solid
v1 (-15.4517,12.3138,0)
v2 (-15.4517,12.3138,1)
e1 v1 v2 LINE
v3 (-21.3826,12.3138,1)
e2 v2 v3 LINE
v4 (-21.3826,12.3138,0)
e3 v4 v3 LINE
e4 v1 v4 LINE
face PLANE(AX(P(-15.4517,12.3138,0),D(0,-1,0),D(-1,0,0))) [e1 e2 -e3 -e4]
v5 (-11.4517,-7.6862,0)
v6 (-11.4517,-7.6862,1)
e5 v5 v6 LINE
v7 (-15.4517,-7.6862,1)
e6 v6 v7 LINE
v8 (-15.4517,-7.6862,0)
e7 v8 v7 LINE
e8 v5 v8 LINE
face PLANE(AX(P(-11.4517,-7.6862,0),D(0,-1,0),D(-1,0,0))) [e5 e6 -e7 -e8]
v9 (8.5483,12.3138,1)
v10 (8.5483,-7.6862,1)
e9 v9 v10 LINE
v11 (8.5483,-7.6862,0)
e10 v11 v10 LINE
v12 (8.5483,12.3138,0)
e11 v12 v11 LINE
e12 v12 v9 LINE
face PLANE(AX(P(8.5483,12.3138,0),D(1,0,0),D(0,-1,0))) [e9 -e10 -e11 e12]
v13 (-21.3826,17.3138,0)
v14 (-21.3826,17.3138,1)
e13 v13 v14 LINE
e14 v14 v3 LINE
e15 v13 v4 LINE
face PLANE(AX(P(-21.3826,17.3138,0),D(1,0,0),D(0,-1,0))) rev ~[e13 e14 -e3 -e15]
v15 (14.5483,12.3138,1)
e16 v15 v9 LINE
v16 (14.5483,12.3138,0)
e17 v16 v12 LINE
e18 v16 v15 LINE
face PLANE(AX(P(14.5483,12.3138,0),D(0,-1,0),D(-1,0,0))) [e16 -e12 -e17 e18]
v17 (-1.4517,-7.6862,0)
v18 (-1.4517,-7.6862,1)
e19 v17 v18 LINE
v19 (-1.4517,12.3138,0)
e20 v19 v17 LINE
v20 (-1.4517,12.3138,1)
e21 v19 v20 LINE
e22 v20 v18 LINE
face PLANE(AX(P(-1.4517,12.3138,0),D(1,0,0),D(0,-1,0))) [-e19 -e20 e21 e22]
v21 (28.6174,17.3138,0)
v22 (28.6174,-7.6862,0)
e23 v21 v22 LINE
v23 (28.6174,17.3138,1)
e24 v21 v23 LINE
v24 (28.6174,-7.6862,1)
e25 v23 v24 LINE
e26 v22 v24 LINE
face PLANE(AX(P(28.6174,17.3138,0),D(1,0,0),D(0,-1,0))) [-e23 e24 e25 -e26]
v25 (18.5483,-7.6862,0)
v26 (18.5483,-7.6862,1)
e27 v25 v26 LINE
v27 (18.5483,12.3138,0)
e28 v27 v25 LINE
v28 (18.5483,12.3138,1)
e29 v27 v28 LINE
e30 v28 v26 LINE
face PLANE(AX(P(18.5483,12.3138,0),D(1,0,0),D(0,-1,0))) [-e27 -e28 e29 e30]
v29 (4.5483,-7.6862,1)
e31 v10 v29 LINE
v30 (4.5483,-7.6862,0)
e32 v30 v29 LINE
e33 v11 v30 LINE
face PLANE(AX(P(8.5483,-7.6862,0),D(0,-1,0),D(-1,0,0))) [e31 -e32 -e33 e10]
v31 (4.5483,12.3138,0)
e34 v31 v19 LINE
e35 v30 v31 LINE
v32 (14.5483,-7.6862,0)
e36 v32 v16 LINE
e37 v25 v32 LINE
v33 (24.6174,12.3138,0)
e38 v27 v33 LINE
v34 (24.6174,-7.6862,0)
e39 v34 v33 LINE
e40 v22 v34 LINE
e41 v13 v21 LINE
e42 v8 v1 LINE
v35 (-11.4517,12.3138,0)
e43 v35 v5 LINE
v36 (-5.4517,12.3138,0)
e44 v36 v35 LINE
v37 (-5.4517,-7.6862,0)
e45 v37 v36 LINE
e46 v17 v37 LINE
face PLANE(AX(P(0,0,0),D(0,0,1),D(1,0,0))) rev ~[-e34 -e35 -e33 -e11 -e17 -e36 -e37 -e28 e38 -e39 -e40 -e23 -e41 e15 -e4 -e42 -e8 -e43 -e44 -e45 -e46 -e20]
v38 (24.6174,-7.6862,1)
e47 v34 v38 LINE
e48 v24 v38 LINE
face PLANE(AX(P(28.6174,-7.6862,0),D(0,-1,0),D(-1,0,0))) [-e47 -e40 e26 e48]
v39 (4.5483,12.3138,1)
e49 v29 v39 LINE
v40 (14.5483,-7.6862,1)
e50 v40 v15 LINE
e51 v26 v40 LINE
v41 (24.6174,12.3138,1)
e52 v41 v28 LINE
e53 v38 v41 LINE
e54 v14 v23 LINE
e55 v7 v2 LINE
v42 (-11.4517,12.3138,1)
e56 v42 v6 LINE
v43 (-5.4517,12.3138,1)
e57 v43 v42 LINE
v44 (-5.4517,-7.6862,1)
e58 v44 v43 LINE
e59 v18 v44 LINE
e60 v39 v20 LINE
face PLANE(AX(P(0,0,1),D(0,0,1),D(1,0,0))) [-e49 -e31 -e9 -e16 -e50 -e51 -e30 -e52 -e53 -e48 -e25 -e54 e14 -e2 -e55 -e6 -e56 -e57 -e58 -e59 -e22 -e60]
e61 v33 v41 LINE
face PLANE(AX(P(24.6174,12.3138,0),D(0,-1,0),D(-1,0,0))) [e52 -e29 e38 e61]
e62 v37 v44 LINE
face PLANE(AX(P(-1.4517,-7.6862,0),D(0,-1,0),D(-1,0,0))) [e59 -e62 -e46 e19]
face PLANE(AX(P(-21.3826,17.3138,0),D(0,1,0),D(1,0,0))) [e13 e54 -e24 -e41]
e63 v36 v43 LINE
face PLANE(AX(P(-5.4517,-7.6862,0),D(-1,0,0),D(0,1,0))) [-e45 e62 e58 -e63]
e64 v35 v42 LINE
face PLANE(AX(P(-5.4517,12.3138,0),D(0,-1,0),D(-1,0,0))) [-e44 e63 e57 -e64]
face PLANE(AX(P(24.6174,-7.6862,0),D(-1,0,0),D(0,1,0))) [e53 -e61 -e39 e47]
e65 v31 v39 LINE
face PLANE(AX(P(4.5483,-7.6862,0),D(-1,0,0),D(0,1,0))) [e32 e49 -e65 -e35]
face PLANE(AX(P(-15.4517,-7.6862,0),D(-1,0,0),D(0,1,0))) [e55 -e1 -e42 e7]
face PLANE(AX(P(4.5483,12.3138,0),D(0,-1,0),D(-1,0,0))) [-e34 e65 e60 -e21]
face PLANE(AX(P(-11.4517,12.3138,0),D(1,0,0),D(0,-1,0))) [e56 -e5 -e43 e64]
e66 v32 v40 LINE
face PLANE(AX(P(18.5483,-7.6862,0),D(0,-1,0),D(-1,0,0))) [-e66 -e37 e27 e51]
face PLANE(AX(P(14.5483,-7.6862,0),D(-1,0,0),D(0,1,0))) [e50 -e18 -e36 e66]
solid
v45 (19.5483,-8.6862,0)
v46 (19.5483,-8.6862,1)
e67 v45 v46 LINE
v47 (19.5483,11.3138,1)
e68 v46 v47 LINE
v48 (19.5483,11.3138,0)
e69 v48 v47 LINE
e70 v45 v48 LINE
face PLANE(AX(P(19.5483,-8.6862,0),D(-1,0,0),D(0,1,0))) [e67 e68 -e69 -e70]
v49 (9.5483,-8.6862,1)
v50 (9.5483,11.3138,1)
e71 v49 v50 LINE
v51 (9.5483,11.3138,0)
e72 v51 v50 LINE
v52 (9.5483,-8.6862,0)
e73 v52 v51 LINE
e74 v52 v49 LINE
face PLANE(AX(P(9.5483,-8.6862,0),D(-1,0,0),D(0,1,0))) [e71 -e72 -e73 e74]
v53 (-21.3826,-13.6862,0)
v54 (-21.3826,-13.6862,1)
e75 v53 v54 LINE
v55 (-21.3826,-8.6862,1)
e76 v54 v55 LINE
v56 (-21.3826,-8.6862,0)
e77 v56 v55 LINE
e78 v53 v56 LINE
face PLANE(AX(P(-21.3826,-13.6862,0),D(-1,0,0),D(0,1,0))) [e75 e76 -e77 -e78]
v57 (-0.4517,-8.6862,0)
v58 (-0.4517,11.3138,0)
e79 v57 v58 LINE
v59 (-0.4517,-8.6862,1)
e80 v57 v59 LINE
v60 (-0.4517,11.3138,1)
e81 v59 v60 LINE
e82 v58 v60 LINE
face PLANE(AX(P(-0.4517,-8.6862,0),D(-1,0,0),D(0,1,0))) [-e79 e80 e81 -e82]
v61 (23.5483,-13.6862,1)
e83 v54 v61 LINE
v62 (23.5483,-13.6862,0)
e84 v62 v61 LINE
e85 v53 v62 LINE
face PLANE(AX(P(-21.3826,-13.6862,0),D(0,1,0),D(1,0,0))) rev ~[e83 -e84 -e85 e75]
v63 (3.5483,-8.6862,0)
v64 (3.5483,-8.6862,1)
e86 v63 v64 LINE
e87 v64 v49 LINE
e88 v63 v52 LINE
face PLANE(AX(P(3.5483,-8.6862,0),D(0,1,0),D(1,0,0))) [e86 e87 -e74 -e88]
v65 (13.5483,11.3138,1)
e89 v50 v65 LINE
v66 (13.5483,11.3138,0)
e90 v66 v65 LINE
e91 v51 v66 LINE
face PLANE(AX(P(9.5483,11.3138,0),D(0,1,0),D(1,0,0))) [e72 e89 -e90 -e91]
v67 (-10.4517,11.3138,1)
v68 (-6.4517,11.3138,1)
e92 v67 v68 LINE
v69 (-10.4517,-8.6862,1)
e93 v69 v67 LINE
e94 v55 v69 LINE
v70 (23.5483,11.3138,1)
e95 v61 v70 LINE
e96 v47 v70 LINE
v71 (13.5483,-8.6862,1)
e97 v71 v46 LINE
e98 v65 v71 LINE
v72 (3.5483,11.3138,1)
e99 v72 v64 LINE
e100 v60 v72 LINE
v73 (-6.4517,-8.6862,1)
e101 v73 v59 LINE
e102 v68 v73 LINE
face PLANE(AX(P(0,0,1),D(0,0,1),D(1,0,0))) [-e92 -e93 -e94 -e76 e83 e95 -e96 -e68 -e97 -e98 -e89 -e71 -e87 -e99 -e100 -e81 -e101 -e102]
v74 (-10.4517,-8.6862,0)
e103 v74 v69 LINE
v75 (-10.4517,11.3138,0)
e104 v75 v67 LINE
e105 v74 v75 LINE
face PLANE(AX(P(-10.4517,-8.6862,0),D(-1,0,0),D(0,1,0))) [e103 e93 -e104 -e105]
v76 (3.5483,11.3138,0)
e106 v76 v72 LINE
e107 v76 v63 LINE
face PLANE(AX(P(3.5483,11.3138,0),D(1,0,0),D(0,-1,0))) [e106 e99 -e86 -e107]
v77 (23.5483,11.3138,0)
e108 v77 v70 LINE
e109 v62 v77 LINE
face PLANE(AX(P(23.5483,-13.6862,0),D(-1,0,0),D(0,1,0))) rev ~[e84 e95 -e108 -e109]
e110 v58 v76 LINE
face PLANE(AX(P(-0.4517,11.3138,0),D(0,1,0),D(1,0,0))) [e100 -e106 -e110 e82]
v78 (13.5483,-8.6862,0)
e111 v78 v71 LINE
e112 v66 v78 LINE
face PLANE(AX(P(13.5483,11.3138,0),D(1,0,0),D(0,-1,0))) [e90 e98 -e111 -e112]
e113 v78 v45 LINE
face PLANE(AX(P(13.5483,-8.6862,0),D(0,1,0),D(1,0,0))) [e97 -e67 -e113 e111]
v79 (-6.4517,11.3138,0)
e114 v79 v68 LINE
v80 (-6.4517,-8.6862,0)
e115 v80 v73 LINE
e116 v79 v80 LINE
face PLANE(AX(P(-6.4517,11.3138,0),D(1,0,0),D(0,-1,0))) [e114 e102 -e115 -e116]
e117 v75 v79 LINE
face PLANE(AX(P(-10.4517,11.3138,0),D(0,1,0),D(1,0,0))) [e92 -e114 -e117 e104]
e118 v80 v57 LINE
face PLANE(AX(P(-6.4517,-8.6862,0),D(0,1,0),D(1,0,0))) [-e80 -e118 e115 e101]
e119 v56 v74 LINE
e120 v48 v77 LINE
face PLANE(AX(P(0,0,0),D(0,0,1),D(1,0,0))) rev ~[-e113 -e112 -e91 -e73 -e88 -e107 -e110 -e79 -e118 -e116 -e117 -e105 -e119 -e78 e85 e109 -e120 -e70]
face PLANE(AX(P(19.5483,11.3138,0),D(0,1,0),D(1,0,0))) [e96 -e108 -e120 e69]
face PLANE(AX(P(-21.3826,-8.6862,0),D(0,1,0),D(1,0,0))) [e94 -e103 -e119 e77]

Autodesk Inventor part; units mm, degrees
ref_plane "YZ Plane" through (0, 0, 0) normal (1, 0, 0) x (0, 1, 0)
ref_plane "XZ Plane" through (0, 0, 0) normal (0, 1, 0) x (-1, 0, 0)
ref_plane "XY Plane" through (0, 0, 0) normal (0, 0, 1) x (1, 0, 0)
sketch "Sketch1" plane through (0, 0, 0) normal (0, 0, 1) x (1, 0, 0)
  line L0 (-21.3826, 17.3138) -> (28.6174, 17.3138)
  line L1 (-21.3826, 17.3138) -> (-21.3826, 12.3138)
  line L2 (28.6174, 17.3138) -> (28.6174, -7.6862)
  line L3 (28.6174, -7.6862) -> (24.6174, -7.6862)
  line L4 (24.6174, -7.6862) -> (24.6174, 12.3138)
  line L5 (24.6174, 12.3138) -> (18.5483, 12.3138)
  line L6 (18.5483, 12.3138) -> (24.5483, 12.3138)
  line L7 (18.5483, 12.3138) -> (18.5483, -7.6862)
  line L8 (18.5483, -7.6862) -> (14.5483, -7.6862)
  line L9 (14.5483, -7.6862) -> (14.5483, 12.3138)
  line L10 (14.5483, 12.3138) -> (8.5483, 12.3138)
  line L11 (8.5483, 12.3138) -> (8.5483, -7.6862)
  line L12 (8.5483, -7.6862) -> (4.5483, -7.6862)
  line L13 (4.5483, -7.6862) -> (4.5483, 12.3138)
  line L14 (4.5483, 12.3138) -> (-1.4517, 12.3138)
  line L15 (-1.4517, 12.3138) -> (-1.4517, -7.6862)
  line L16 (-1.4517, -7.6862) -> (-5.4517, -7.6862)
  line L17 (-5.4517, -7.6862) -> (-5.4517, 12.3138)
  line L18 (-5.4517, 12.3138) -> (-11.4517, 12.3138)
  line L19 (-11.4517, 12.3138) -> (-11.4517, -7.6862)
  line L20 (-11.4517, -7.6862) -> (-15.4517, -7.6862)
  line L21 (-15.4517, -7.6862) -> (-15.4517, 12.3138)
  line L22 (-15.4517, 12.3138) -> (-21.3826, 12.3138)
  line L23 (-21.3826, -13.6862) -> (-21.3826, -8.6862)
  line L24 (-21.3826, -8.6862) -> (-21.3826, -13.6862)
  line L25 (-21.3826, -8.6862) -> (-10.4517, -8.6862)
  line L26 (-10.4517, -8.6862) -> (-10.4517, 11.3138)
  line L27 (-10.4517, 11.3138) -> (-6.4517, 11.3138)
  line L28 (-6.4517, 11.3138) -> (-6.4517, -8.6862)
  line L29 (-6.4517, -8.6862) -> (-0.4517, -8.6862)
  line L30 (-0.4517, -8.6862) -> (-0.4517, 11.3138)
  line L31 (-0.4517, 11.3138) -> (3.5483, 11.3138)
  line L32 (3.5483, 11.3138) -> (3.5483, -8.6862)
  line L33 (3.5483, -8.6862) -> (9.5483, -8.6862)
  line L34 (9.5483, -8.6862) -> (9.5483, 11.3138)
  line L35 (9.5483, 11.3138) -> (13.5483, 11.3138)
  line L36 (13.5483, 11.3138) -> (13.5483, -8.6862)
  line L37 (13.5483, -8.6862) -> (19.5483, -8.6862)
  line L38 (19.5483, -8.6862) -> (19.5483, 11.3138)
  line L39 (19.5483, 11.3138) -> (23.5483, 11.3138)
  line L40 (-21.3826, -13.6862) -> (23.5483, -13.6862)
  line L41 (23.5483, -13.6862) -> (23.5483, 11.3138)
  point P0 (0, 0)
  point P1 (-21.3826, 14.8138)
  point P2 (-21.3826, -11.1862)
  point P3 (-8.4517, 11.3138)
  point P4 (-8.4517, 12.3138)
  point P5 (-18.4171, 12.3138)
  dimension "d1" = 50
  dimension "d2" = 5
  dimension "d3" = 25
  dimension "d4" = 4
  dimension "d5" = 6
  dimension "d6" = 5
  dimension "d22" = 14.8138
  dimension "d23" = 21.3826
  dimension "d24" = 5.9309
  dimension "d25" = 31
extrude "Extrusion1" add sketch "Sketch1" along normal blind 1
properties part number "sensor-0001-001"
